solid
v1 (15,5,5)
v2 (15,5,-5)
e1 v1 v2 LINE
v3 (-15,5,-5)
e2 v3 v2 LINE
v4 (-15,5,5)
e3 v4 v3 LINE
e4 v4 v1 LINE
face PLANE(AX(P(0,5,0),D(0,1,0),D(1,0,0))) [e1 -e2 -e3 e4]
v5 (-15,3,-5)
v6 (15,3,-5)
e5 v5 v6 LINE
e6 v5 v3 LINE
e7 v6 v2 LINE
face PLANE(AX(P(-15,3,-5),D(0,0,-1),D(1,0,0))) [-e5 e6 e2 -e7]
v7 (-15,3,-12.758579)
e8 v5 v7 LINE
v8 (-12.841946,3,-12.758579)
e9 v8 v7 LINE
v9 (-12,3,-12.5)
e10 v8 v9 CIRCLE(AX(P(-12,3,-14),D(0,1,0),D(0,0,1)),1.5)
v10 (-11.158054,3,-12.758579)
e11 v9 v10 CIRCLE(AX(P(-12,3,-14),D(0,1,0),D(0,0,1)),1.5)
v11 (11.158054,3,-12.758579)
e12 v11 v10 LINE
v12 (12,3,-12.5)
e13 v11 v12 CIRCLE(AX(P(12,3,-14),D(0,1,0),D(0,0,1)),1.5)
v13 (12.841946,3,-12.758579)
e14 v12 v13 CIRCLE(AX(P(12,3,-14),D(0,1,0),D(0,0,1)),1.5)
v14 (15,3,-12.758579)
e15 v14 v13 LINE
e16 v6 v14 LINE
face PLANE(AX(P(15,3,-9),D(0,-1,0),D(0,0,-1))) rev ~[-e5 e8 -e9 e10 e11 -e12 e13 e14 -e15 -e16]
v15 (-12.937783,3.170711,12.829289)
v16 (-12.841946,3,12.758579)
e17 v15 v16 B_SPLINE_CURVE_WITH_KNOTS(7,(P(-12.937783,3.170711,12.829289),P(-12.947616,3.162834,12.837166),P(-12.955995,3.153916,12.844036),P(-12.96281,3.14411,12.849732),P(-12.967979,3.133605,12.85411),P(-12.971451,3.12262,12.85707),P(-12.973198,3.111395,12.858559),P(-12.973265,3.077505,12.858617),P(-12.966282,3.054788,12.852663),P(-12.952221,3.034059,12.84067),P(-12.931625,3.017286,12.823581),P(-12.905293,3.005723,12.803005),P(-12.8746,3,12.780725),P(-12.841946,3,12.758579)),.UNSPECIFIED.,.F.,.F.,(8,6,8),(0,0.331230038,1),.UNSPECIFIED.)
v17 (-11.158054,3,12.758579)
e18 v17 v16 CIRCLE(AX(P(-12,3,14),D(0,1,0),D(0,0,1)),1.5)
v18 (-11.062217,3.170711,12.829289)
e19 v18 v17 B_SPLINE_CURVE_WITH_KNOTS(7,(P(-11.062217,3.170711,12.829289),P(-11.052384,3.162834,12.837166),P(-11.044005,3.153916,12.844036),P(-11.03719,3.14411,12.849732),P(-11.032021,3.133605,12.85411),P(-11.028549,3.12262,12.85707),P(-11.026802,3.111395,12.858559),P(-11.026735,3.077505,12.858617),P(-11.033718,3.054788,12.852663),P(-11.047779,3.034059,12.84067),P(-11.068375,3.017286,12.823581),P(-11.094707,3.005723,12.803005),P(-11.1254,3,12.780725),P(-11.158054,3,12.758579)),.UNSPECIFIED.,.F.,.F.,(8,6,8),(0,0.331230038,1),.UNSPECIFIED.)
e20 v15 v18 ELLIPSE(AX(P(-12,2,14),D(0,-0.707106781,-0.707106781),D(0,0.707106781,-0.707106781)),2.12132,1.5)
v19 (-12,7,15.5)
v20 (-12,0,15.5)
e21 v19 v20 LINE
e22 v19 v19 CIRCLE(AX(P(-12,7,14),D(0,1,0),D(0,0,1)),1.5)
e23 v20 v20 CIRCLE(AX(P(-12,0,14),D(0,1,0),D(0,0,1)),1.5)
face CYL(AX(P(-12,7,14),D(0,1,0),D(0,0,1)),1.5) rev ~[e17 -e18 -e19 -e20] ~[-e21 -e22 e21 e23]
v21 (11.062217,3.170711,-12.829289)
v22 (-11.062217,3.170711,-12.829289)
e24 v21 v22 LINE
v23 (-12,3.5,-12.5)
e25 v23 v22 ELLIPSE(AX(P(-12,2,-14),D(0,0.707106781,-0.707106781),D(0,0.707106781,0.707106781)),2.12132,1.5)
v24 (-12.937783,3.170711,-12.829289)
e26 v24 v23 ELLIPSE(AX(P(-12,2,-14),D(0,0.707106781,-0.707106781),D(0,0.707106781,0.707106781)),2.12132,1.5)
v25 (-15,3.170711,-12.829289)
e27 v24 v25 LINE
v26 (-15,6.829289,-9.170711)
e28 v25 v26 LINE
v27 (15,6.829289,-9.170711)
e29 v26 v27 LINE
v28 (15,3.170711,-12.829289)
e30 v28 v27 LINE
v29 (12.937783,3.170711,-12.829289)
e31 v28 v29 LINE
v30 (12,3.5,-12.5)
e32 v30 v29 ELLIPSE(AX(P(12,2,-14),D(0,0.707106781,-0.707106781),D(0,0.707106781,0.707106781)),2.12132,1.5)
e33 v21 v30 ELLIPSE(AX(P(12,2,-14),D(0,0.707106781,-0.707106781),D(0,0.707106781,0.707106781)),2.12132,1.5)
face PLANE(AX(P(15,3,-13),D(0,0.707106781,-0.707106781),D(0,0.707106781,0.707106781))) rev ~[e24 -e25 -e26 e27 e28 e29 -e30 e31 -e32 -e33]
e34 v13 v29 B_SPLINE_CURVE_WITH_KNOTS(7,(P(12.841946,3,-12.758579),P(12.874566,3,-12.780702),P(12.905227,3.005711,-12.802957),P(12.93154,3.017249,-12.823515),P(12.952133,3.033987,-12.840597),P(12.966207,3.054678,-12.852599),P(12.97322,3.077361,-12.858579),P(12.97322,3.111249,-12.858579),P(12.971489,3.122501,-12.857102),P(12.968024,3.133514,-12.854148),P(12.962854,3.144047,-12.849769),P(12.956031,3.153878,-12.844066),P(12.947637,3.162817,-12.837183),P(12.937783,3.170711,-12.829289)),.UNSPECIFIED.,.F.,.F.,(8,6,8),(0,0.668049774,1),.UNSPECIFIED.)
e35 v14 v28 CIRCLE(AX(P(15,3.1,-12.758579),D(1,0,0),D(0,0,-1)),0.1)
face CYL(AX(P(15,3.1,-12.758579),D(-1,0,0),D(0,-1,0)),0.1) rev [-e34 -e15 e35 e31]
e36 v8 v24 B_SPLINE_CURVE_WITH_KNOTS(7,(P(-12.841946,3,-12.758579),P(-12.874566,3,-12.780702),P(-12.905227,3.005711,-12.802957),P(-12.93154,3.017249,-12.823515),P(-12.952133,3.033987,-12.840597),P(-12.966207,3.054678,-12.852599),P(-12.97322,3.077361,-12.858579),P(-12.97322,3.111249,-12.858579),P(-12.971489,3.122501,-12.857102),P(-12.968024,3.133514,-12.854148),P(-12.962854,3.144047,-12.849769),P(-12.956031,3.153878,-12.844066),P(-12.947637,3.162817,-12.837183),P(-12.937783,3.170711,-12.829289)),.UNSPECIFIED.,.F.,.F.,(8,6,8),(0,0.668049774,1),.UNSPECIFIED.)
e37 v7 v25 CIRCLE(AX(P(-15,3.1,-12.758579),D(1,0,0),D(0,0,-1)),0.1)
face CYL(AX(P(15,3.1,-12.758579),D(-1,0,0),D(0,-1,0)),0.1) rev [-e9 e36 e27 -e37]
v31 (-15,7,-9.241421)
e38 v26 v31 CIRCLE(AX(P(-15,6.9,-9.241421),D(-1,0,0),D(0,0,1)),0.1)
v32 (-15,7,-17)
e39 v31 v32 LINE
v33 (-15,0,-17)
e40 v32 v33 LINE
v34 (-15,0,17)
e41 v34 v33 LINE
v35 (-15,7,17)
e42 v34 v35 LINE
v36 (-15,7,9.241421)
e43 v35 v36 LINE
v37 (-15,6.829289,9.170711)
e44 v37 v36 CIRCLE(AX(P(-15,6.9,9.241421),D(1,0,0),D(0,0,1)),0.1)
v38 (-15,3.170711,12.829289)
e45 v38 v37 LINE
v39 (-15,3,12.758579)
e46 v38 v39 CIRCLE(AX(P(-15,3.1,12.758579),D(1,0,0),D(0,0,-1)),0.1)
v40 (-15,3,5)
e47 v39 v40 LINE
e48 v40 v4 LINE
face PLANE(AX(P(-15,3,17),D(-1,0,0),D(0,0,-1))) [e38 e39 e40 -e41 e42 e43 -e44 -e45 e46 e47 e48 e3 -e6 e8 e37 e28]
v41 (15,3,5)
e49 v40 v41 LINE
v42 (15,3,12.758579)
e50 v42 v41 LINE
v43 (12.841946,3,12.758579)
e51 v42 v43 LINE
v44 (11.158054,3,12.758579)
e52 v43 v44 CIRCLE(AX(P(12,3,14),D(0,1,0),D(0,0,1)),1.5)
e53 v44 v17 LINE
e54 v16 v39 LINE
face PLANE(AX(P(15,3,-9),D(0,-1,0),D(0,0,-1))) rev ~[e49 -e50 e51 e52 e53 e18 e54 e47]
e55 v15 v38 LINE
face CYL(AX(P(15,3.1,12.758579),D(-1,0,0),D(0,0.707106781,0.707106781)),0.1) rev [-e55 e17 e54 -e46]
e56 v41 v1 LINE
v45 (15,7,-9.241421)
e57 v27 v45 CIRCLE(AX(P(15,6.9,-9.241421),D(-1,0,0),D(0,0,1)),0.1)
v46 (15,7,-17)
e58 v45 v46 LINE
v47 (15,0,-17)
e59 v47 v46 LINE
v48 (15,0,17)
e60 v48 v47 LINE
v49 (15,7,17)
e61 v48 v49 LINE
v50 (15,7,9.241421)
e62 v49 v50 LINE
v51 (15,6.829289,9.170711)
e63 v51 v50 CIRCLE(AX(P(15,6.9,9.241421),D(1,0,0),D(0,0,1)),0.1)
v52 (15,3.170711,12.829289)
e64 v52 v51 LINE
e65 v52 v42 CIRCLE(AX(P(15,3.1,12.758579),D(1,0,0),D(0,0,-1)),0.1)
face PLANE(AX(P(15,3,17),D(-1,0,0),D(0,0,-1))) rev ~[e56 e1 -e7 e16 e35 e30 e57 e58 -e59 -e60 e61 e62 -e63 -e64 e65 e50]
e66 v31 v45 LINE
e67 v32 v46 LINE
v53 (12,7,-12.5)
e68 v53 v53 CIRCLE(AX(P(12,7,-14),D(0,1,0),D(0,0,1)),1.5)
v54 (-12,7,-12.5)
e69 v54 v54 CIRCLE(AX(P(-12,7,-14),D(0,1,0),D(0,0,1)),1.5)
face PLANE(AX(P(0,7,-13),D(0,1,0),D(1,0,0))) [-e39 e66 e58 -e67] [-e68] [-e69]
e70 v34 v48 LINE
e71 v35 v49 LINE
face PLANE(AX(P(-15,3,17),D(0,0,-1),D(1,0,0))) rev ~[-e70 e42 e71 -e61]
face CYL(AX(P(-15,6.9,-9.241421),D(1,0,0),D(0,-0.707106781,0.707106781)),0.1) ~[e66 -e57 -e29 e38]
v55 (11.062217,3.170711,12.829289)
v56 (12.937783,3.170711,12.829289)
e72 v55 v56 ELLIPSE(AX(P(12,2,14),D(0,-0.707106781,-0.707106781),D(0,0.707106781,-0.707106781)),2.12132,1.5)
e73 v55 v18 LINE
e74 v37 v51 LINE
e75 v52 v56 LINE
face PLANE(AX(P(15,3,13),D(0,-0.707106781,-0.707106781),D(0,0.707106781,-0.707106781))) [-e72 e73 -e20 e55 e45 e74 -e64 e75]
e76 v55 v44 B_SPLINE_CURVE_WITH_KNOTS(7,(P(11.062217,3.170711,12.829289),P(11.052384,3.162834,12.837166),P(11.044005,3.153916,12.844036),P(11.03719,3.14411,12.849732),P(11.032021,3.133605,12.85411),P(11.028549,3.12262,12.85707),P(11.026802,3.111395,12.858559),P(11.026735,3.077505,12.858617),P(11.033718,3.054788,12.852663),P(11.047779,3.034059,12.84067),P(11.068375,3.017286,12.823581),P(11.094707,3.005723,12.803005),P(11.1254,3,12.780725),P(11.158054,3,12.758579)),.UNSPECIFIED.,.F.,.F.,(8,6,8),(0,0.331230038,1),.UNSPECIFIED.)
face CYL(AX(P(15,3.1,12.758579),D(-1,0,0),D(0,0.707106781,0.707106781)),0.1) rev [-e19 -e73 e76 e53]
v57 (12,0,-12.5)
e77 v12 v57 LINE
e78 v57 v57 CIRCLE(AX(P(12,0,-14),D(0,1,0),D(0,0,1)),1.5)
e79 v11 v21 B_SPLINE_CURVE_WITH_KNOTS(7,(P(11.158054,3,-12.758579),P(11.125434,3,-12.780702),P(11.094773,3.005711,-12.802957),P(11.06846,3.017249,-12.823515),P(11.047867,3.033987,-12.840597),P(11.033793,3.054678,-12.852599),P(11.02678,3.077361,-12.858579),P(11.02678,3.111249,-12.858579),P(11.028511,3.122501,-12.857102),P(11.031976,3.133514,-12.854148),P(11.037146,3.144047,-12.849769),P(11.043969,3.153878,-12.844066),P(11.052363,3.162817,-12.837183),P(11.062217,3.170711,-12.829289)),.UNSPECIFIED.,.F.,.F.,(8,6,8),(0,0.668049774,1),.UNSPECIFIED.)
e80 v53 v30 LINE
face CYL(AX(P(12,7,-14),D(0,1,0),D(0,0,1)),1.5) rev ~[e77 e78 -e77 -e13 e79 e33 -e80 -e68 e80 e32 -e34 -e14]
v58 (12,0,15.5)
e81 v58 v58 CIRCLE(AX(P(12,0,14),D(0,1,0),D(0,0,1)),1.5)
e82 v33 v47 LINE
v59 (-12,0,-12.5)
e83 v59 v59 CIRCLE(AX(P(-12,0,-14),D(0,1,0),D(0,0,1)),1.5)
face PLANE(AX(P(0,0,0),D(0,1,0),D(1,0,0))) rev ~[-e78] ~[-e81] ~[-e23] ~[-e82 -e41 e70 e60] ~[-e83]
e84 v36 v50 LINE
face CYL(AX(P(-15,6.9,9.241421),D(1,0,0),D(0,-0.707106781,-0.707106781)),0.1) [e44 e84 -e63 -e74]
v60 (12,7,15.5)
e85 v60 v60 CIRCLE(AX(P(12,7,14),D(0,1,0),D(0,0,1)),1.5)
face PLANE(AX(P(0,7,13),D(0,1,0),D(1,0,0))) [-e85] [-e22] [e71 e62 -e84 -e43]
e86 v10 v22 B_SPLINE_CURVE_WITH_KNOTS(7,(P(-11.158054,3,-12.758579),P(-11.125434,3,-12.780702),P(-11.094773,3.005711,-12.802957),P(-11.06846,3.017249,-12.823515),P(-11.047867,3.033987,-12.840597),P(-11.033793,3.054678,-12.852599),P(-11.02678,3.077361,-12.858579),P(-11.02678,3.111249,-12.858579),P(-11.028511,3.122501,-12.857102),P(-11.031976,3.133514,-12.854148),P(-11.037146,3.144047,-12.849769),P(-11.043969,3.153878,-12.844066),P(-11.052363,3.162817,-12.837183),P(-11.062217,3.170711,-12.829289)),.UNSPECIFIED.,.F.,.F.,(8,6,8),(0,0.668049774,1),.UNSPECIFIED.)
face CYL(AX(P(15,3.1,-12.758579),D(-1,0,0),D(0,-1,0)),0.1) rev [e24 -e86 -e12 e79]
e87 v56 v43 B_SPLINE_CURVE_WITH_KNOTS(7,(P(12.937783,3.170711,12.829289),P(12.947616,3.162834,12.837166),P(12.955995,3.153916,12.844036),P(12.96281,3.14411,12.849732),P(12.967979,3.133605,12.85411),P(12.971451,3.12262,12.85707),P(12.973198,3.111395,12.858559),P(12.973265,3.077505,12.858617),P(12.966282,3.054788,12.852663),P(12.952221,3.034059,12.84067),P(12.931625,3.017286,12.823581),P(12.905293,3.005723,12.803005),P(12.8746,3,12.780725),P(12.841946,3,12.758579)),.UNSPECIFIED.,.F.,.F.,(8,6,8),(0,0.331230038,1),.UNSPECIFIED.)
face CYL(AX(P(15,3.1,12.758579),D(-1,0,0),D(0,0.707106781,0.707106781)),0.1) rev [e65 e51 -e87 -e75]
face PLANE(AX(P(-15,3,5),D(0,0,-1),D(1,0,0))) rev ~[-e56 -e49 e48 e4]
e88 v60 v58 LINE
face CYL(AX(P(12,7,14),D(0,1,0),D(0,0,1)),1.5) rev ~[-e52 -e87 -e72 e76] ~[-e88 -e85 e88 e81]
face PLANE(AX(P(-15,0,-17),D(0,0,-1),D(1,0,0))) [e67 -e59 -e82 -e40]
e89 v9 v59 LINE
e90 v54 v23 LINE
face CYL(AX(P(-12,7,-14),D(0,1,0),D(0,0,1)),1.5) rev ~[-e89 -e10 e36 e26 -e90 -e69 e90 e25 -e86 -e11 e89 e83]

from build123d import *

# Parameters (mm, degrees)
SKETCH1_W           = 30
SKETCH1_H           = 34
BOSS_EXTRUDE1_DEPTH = 3
SKETCH2_W           = 30
SKETCH2_H           = 8
BOSS_EXTRUDE2_DEPTH = 4
CUT_EXTRUDE2_DEPTH  = 30
FILLET4_R           = 0.1
FILLET5_R           = 0.1
FILLET6_R           = 0.1
FILLET7_R           = 0.1
SKETCH5_R           = 1.5
CUT_EXTRUDE3_DEPTH  = 30
SKETCH7_W           = 30
SKETCH7_H           = 10
BOSS_EXTRUDE3_DEPTH = 2


with BuildPart() as part:
    # Sketch1 → Boss-Extrude1 (new body)
    with BuildSketch(Plane(origin=(0, 0, 0), x_dir=(1, 0, 0), z_dir=(0, 1, 0))):
        Rectangle(SKETCH1_W, SKETCH1_H)
    extrude(amount=BOSS_EXTRUDE1_DEPTH)

    # Sketch2 → Boss-Extrude2 (add)
    with BuildSketch(Plane(origin=(0, 3, 0), x_dir=(1, 0, 0), z_dir=(0, 1, 0))):
        with Locations((0, -13)):
            Rectangle(SKETCH2_W, SKETCH2_H)
        with Locations((0, 13)):
            Rectangle(SKETCH2_W, SKETCH2_H)
    extrude(amount=BOSS_EXTRUDE2_DEPTH)

    # Sketch4 → Cut-Extrude2 (cut)
    with BuildSketch(Plane(origin=(15, 0, 0), x_dir=(0, 0, -1), z_dir=(1, 0, 0))):
        Polygon((-9, 3), (-13, 3), (-9, 7), align=None)
        Polygon((9, 3), (13, 3), (9, 7), align=None)
    extrude(amount=-CUT_EXTRUDE2_DEPTH, mode=Mode.SUBTRACT)

    # Fillet4
    fillet4_edges = [part.edges().sort_by_distance(p)[0] for p in [
        (0, 7, 9),
    ]]
    fillet(fillet4_edges, radius=FILLET4_R)

    # Fillet5
    fillet5_edges = [part.edges().sort_by_distance(p)[0] for p in [
        (0, 3, 13),
    ]]
    fillet(fillet5_edges, radius=FILLET5_R)

    # Fillet6
    fillet6_edges = [part.edges().sort_by_distance(p)[0] for p in [
        (0, 3, -13),
    ]]
    fillet(fillet6_edges, radius=FILLET6_R)

    # Fillet7
    fillet7_edges = [part.edges().sort_by_distance(p)[0] for p in [
        (0, 7, -9),
    ]]
    fillet(fillet7_edges, radius=FILLET7_R)

    # Sketch5 → Cut-Extrude3 (cut)
    with BuildSketch(Plane(origin=(0, 7, 0), x_dir=(1, 0, 0), z_dir=(0, 1, 0))):
        with Locations(Location((-12, 14, 0), (0, 0, 270))):
            Circle(SKETCH5_R)
        with Locations(Location((12, 14, 0), (0, 0, 270))):
            Circle(SKETCH5_R)
        with Locations(Location((-12, -14, 0), (0, 0, 270))):
            Circle(SKETCH5_R)
        with Locations(Location((12, -14, 0), (0, 0, 270))):
            Circle(SKETCH5_R)
    extrude(amount=-CUT_EXTRUDE3_DEPTH, mode=Mode.SUBTRACT)

    # Sketch7 → Boss-Extrude3 (add)
    with BuildSketch(Plane(origin=(0, 3, 0), x_dir=(1, 0, 0), z_dir=(0, 1, 0))):
        Rectangle(SKETCH7_W, SKETCH7_H)
    extrude(amount=BOSS_EXTRUDE3_DEPTH)


solid = part.part
